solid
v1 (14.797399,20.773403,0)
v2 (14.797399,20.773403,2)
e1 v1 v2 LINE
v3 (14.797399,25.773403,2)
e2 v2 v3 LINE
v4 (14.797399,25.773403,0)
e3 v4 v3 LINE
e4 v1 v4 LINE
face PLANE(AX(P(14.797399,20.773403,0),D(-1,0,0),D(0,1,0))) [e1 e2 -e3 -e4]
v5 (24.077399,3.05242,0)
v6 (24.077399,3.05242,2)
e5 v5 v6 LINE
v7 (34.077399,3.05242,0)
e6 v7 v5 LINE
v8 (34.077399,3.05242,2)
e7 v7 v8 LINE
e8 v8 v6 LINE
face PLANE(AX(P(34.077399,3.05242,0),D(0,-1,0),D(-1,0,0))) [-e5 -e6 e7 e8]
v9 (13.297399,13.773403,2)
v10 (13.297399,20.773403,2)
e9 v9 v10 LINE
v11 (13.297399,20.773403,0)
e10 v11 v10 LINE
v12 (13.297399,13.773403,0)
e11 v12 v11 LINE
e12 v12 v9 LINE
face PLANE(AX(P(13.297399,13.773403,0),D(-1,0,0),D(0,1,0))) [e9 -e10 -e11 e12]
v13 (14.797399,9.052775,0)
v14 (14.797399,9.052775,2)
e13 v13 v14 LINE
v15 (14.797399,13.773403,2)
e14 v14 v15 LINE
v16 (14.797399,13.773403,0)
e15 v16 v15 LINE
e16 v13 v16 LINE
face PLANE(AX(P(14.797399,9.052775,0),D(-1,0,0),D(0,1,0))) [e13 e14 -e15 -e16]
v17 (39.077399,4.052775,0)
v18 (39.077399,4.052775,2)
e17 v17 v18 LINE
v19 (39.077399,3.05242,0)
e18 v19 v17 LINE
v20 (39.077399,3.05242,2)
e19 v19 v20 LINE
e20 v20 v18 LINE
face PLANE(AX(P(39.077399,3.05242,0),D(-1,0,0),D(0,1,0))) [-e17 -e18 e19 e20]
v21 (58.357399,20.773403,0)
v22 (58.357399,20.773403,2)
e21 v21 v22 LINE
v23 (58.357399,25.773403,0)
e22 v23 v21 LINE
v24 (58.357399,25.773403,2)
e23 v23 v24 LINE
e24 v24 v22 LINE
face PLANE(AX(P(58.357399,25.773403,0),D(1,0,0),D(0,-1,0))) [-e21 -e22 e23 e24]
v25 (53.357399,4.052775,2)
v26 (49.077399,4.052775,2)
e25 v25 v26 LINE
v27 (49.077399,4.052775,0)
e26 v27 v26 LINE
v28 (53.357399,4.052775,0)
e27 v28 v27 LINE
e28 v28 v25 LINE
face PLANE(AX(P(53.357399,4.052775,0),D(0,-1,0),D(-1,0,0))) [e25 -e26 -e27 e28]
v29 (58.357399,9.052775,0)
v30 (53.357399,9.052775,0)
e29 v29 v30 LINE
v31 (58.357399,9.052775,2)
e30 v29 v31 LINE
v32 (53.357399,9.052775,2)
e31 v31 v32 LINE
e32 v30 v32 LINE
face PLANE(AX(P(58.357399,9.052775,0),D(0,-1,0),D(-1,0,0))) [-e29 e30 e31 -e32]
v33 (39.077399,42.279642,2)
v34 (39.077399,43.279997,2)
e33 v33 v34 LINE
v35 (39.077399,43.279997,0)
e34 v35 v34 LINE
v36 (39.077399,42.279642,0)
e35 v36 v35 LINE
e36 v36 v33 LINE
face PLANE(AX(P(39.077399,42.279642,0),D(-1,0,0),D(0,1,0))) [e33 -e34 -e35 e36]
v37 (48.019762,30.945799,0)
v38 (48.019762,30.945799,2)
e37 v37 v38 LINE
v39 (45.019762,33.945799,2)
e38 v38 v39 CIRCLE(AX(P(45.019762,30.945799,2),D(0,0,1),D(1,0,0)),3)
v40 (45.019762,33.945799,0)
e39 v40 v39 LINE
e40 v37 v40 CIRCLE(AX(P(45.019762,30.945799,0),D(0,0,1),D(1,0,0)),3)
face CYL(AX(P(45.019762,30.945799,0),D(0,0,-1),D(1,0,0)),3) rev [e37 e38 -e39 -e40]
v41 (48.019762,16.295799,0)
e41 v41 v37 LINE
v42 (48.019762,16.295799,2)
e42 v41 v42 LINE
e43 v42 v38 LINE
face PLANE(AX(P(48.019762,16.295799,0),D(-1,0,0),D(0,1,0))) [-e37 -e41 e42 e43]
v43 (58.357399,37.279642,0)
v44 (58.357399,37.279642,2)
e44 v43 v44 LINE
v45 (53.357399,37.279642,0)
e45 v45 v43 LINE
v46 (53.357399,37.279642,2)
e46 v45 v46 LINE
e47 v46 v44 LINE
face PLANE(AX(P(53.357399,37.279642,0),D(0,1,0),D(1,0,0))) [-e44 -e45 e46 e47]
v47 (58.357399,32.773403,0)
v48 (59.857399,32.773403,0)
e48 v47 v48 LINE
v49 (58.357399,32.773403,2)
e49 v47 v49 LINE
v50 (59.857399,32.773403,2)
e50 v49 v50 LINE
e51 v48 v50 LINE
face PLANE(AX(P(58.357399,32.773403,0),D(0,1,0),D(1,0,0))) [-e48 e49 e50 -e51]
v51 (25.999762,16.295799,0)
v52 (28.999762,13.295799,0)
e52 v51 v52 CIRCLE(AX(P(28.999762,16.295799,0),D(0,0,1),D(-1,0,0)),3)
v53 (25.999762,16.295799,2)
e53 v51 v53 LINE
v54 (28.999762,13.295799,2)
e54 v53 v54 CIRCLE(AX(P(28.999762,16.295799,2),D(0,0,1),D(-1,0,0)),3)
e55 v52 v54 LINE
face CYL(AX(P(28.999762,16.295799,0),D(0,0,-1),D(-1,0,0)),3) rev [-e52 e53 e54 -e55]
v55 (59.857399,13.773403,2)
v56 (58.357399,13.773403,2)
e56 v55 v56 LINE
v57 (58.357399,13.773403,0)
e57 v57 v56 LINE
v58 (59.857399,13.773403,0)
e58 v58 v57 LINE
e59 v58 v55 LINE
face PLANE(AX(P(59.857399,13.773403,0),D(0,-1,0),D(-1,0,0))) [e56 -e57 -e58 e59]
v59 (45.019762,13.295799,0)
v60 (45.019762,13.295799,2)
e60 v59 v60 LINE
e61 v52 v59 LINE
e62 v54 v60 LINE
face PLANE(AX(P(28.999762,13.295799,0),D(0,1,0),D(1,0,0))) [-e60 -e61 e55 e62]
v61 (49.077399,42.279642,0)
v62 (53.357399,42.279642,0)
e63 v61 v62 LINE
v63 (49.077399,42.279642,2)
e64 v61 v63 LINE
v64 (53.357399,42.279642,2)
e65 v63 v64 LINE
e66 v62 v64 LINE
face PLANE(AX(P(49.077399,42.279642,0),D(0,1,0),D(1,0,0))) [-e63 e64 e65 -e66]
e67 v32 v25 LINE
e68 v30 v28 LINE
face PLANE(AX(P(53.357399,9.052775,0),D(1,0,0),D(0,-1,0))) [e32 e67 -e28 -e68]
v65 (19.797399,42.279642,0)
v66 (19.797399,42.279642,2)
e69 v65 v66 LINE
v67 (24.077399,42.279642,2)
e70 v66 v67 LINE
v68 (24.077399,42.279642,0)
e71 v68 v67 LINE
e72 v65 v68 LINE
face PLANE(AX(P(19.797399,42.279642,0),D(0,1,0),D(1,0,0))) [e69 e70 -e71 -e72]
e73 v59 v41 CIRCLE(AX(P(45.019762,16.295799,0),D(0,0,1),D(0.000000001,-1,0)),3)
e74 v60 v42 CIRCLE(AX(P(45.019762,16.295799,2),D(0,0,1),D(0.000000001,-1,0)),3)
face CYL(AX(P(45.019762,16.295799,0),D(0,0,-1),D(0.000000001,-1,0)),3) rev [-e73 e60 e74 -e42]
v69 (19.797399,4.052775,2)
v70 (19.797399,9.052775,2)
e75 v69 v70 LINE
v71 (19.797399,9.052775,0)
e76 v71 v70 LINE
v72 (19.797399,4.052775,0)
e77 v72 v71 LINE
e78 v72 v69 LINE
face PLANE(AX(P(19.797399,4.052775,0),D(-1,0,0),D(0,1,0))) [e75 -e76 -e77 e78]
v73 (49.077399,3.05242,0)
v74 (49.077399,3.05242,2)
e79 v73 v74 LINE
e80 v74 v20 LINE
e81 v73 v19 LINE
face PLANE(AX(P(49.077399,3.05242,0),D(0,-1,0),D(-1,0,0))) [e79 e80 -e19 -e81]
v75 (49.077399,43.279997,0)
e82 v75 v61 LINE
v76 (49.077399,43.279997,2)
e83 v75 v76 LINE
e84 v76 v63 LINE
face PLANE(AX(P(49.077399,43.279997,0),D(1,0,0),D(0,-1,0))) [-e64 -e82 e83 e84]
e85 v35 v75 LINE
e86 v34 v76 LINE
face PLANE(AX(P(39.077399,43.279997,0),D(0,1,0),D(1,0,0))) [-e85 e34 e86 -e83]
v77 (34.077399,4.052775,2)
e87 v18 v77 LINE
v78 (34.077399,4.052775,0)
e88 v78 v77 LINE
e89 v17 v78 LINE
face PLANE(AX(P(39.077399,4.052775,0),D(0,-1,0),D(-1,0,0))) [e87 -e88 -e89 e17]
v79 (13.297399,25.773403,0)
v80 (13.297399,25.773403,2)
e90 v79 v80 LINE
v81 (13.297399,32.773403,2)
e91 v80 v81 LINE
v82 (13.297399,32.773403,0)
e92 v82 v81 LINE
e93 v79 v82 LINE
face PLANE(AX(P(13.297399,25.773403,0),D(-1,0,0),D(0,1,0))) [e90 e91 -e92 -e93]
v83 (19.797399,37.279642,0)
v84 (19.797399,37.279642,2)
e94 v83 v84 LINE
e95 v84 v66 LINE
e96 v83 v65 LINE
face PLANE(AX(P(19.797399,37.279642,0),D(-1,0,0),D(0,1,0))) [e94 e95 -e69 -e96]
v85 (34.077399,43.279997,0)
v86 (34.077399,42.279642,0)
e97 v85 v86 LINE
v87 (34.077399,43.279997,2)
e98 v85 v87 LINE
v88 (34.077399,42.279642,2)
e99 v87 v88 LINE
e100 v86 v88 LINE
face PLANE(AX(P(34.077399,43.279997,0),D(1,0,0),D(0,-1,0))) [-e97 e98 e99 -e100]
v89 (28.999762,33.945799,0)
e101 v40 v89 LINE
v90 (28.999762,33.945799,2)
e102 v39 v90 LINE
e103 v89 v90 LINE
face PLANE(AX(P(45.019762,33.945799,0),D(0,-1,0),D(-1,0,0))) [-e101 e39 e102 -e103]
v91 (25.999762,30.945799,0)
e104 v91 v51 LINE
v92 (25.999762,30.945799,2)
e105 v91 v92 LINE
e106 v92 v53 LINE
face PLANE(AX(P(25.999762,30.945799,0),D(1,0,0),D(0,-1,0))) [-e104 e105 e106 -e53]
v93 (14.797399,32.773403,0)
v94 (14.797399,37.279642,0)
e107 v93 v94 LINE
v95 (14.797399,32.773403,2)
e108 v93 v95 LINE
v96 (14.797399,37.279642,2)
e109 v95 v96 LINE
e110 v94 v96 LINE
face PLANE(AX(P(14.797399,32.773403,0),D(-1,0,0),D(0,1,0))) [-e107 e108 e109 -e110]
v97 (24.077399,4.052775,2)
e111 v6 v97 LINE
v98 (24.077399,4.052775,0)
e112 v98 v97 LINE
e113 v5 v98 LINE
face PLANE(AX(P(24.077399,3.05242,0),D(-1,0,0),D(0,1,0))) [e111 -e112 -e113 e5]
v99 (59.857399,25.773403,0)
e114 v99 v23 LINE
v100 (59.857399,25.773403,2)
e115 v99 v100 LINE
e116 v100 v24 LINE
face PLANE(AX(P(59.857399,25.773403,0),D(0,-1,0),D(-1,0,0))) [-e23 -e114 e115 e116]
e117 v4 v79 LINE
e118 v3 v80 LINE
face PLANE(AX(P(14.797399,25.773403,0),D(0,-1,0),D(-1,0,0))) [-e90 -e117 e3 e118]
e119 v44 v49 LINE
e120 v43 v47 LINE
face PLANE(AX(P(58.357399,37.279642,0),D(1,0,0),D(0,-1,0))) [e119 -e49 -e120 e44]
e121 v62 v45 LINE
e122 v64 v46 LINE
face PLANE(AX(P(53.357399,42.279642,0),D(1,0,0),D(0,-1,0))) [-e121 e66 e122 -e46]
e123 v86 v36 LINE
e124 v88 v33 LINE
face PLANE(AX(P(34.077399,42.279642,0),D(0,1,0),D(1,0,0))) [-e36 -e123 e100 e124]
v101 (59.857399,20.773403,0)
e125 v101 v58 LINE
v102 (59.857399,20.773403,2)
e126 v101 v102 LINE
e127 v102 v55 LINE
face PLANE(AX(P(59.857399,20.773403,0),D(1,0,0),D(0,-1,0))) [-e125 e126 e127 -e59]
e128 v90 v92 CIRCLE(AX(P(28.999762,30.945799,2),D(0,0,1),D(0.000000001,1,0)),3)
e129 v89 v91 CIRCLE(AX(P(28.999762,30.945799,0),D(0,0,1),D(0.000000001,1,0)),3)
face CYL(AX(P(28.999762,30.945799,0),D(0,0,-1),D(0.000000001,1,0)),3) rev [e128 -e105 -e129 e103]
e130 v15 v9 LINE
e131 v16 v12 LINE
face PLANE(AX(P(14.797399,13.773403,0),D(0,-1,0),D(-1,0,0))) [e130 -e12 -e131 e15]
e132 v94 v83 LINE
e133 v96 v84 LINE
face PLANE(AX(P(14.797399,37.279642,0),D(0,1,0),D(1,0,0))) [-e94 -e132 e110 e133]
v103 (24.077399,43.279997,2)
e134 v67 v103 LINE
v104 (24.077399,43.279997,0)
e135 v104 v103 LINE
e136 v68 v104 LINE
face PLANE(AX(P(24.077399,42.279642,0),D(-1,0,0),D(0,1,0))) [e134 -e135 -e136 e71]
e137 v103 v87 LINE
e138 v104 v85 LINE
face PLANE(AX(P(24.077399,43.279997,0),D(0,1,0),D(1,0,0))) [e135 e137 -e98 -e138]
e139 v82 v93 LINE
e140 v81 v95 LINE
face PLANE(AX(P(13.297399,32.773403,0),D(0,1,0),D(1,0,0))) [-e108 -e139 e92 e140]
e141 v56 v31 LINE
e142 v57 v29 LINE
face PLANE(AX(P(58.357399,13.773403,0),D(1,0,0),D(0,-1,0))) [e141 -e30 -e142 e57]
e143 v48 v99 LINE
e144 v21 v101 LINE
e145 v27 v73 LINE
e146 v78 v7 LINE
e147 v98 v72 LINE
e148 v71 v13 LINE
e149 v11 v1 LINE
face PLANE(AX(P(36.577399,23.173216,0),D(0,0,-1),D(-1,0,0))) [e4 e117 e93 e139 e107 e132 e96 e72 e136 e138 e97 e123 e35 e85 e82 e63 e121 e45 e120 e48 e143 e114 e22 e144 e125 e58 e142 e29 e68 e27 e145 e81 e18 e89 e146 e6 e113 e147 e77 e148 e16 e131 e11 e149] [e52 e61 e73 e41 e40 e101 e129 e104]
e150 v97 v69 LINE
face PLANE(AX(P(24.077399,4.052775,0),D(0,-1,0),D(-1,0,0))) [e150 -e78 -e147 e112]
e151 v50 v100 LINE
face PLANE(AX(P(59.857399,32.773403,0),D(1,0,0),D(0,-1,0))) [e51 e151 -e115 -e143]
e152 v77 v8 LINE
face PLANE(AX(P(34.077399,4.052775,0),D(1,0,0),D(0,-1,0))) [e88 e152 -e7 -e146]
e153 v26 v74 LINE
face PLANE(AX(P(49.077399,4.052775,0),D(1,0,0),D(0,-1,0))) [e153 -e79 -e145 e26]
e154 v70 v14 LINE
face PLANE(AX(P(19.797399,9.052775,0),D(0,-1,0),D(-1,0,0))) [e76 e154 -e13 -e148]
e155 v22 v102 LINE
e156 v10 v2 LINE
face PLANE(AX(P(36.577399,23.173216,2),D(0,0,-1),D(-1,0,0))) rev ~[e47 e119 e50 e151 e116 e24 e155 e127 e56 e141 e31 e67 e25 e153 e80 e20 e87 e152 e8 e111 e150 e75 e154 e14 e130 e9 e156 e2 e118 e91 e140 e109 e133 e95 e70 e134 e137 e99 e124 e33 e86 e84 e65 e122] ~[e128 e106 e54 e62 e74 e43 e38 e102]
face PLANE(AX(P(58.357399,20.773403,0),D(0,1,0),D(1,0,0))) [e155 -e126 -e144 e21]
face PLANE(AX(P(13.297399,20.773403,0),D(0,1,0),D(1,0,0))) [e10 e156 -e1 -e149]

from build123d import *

# Parameters (mm, degrees)
EXTRUDE_1_DEPTH = 2


with BuildPart() as part:
    # Model → 凸台-拉伸1 (new body)
    with BuildSketch(Plane.XY):
        Polygon((19.797398622, 42.279641755), (24.077398622, 42.279641755), (24.077398622, 43.279997461), (34.077398622, 43.279997461), (34.077398622, 42.279641755), (39.077398622, 42.279641755), (39.077398622, 43.279997461), (49.077398622, 43.279997461), (49.077398622, 42.279641755), (53.357398622, 42.279641755), (53.357398622, 37.279641755), (58.357398622, 37.279641755), (58.357398622, 32.773402746), (59.857398622, 32.773402746), (59.857398622, 25.773402746), (58.357398622, 25.773402746), (58.357398622, 20.773402746), (59.857398622, 20.773402746), (59.857398622, 13.773402746), (58.357398622, 13.773402746), (58.357398622, 9.052775369), (53.357398622, 9.052775369), (53.357398622, 4.052775369), (49.077398622, 4.052775369), (49.077398622, 3.052419663), (39.077398622, 3.052419663), (39.077398622, 4.052775369), (34.077398622, 4.052775369), (34.077398622, 3.052419663), (24.077398622, 3.052419663), (24.077398622, 4.052775369), (19.797398622, 4.052775369), (19.797398622, 9.052775369), (14.797398622, 9.052775369), (14.797398622, 13.773402746), (13.297398622, 13.773402746), (13.297398622, 20.773402746), (14.797398622, 20.773402746), (14.797398622, 25.773402746), (13.297398622, 25.773402746), (13.297398622, 32.773402746), (14.797398622, 32.773402746), (14.797398622, 37.279641755), (19.797398622, 37.279641755), align=None)
        with BuildLine():
            Line((45.019762396, 33.94579932), (28.999762396, 33.94579932))
            ThreePointArc((28.999762396, 33.94579932), (26.878442052, 33.067119664), (25.999762396, 30.94579932))
            Line((25.999762396, 30.94579932), (25.999762396, 16.29579932))
            ThreePointArc((25.999762396, 16.29579932), (26.878442052, 14.174478977), (28.999762396, 13.29579932))
            Line((28.999762396, 13.29579932), (45.019762396, 13.29579932))
            ThreePointArc((45.019762396, 13.29579932), (47.141082739, 14.174478977), (48.019762396, 16.29579932))
            Line((48.019762396, 16.29579932), (48.019762396, 30.94579932))
            ThreePointArc((48.019762396, 30.94579932), (47.141082739, 33.067119664), (45.019762396, 33.94579932))
        make_face(mode=Mode.SUBTRACT)
    extrude(amount=EXTRUDE_1_DEPTH)


solid = part.part
